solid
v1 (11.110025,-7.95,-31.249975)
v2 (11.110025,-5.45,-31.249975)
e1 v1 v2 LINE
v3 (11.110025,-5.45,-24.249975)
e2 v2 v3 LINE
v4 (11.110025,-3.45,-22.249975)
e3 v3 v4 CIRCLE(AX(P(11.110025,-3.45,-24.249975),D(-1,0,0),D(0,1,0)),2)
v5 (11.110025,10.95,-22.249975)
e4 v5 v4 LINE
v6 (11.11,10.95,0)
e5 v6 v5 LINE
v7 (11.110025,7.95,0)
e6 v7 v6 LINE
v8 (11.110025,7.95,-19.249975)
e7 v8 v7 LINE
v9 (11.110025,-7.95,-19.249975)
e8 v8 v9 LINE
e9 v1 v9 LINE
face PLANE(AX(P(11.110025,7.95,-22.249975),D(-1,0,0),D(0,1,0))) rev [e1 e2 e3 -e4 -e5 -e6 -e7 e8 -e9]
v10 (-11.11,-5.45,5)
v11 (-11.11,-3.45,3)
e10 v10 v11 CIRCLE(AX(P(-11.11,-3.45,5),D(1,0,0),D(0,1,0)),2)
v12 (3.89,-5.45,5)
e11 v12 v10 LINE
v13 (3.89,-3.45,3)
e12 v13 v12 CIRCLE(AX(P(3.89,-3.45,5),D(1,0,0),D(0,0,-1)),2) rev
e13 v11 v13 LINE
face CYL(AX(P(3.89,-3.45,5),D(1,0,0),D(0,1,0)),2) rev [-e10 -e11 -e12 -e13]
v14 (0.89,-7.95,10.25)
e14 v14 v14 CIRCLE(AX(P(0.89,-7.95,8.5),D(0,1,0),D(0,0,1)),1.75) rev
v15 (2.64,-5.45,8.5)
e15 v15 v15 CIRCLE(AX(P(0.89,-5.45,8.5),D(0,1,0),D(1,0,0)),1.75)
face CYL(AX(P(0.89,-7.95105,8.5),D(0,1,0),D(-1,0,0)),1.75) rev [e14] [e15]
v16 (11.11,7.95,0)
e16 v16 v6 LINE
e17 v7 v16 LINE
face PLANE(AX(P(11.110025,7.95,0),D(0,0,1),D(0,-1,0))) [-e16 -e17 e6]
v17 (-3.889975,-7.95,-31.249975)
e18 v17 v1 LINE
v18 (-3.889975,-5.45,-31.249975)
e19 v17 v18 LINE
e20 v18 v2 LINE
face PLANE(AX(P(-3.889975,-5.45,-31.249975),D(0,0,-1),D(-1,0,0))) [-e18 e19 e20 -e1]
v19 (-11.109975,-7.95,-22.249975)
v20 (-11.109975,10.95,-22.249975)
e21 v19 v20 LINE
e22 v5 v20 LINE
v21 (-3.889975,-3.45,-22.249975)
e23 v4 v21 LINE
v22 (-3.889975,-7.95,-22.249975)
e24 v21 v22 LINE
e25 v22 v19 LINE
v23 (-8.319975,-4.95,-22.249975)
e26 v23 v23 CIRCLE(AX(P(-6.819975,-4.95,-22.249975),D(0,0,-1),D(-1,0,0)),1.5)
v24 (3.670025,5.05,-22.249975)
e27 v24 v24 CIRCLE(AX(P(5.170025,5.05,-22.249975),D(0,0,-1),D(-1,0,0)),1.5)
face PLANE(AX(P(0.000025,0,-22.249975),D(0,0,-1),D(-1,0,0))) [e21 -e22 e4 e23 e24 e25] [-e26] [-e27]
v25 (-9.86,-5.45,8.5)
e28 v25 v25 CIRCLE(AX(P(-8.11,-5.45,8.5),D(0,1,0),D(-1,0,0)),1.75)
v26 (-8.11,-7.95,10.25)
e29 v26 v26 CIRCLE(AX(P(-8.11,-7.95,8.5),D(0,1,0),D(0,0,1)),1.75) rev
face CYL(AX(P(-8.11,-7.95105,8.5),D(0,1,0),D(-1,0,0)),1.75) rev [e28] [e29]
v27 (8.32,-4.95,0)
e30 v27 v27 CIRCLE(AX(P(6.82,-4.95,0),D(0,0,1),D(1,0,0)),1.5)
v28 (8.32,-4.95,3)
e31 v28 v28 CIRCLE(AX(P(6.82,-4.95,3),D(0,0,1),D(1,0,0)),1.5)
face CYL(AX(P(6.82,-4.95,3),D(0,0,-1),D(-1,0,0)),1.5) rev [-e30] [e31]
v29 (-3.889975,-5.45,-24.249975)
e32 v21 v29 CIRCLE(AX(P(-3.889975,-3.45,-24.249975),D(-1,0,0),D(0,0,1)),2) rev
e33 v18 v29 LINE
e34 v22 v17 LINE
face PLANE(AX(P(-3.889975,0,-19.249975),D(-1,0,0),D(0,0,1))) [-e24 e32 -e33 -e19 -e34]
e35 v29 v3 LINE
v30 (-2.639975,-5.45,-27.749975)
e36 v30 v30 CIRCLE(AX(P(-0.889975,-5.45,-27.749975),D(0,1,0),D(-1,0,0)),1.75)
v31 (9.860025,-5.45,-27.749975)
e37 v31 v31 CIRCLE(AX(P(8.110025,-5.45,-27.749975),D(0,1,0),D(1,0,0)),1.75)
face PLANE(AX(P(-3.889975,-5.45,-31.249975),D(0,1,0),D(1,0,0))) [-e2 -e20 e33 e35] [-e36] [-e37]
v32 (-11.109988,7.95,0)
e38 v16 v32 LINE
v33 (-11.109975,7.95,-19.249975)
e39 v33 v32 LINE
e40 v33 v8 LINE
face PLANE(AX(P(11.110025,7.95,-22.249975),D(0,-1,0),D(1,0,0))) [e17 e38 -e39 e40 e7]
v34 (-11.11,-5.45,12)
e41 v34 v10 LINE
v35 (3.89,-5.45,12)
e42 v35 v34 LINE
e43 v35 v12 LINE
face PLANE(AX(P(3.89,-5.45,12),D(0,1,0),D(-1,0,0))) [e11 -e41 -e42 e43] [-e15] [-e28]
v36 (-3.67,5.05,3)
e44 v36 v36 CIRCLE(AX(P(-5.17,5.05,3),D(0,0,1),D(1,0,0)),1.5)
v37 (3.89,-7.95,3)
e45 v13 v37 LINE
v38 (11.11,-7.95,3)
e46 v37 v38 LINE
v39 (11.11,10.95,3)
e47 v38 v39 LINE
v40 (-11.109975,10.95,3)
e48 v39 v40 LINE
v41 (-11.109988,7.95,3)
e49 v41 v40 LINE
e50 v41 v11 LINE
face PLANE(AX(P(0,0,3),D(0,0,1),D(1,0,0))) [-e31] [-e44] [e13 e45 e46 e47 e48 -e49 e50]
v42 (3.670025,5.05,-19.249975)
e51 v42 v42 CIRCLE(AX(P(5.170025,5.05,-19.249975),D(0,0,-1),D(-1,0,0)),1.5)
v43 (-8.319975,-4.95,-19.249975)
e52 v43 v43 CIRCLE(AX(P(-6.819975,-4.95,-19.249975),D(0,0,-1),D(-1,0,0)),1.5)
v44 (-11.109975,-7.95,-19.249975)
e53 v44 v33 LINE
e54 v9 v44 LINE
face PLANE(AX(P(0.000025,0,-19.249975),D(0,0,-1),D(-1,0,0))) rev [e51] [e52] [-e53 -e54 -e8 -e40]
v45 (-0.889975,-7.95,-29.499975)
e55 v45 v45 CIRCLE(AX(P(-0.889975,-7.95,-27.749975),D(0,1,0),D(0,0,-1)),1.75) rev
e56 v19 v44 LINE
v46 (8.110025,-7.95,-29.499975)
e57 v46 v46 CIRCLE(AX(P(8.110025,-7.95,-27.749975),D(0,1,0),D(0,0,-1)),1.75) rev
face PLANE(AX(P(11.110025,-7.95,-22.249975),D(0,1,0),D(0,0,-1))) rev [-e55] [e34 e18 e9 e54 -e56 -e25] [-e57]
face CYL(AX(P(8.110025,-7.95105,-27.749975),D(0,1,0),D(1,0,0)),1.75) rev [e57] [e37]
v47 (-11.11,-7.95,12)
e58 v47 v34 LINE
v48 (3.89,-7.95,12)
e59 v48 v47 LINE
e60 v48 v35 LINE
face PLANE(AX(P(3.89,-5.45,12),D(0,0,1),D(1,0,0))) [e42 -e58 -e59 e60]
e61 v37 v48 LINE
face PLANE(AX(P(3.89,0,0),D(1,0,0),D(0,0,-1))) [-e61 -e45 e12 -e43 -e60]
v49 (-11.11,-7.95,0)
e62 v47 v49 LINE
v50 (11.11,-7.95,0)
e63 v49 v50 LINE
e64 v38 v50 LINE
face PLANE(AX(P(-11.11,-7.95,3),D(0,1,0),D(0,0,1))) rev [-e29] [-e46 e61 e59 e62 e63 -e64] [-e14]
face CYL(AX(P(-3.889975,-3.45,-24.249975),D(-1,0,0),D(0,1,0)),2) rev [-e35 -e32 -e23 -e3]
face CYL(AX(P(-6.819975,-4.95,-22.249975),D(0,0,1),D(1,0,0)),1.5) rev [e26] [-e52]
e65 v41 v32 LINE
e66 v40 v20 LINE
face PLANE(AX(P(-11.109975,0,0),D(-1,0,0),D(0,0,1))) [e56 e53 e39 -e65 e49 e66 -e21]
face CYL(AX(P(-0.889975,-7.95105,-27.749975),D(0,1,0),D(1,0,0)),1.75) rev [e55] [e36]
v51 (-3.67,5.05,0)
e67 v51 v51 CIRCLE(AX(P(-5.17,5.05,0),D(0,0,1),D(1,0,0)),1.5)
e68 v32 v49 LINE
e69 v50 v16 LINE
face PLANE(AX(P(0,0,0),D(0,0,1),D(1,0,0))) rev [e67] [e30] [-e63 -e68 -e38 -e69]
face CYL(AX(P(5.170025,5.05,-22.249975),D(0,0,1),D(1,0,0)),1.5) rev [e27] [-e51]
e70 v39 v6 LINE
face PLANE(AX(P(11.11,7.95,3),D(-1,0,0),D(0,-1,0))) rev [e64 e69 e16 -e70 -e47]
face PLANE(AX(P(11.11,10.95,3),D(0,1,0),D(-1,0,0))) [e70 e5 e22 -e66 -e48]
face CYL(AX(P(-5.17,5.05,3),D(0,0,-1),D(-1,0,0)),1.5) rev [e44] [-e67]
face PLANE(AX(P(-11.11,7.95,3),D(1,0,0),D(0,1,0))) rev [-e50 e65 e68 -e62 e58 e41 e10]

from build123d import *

# Parameters (mm, degrees)
SKETCH1_W             = 22.22
SKETCH1_H             = 15.9
SKETCH1_R             = 1.5
BOSS_EXTRUDE1_DEPTH   = 3
SKETCH3_W             = 9
SKETCH3_H             = 2.5
BOSS_EXTRUDE2_DEPTH   = 15
FILLET2_R             = 2
CUT_EXTRUDE1_REACH    = 4.5
SKETCH5_R             = 1.75
LPATTERN2_COUNT       = 2
LPATTERN2_PITCH       = 6.95
BODY_MOVE_COPY3_ANGLE = 180
SKETCH11_W            = 22.249975
SKETCH11_H            = 3
BOSS_EXTRUDE3_DEPTH   = 22.22
SKETCH12_W            = 3
SKETCH12_H            = 3
BOSS_EXTRUDE4_DEPTH   = 22.22


with BuildPart() as part:
    # Sketch1 → Boss-Extrude1 (new body)
    with BuildSketch(Plane.XY):
        Rectangle(SKETCH1_W, SKETCH1_H)
        with Locations((-5.17, 5.05)):
            Circle(SKETCH1_R, mode=Mode.SUBTRACT)
        with Locations((6.82, -4.95)):
            Circle(SKETCH1_R, mode=Mode.SUBTRACT)
    extrude(amount=BOSS_EXTRUDE1_DEPTH)

    # Sketch3 → Boss-Extrude2 (add)
    with BuildSketch(Plane.ZY.offset(11.11)):
        with Locations((7.5, -6.7)):
            Rectangle(SKETCH3_W, SKETCH3_H)
    extrude(amount=-BOSS_EXTRUDE2_DEPTH)

    # Fillet2
    fillet2_edges = [part.edges().sort_by_distance(p)[0] for p in [
        (-3.61, -5.45, 3),
    ]]
    fillet(fillet2_edges, radius=FILLET2_R)

    # Sketch5 → Cut-Extrude1 (cut, up to next)
    with BuildSketch(Plane(origin=(0, -5.45, 0), x_dir=(1, 0, 0), z_dir=(0, 1, 0)), mode=Mode.PRIVATE) as cut_extrude1_sk1:
        with Locations((-8.11, -8.5)):
            Circle(SKETCH5_R)
    cut_extrude1_tool1 = extrude(cut_extrude1_sk1.sketch, amount=-CUT_EXTRUDE1_REACH, mode=Mode.PRIVATE) & part.part
    add(cut_extrude1_tool1.solids().sort_by_distance((-8.11, -5.45, 8.5))[0], mode=Mode.SUBTRACT)
    # Sketch5 → Cut-Extrude1 (cut, up to next)
    with BuildSketch(Plane(origin=(0, -5.45, 0), x_dir=(1, 0, 0), z_dir=(0, 1, 0)), mode=Mode.PRIVATE) as cut_extrude1_sk2:
        with Locations((0.89, -8.5)):
            Circle(SKETCH5_R)
    cut_extrude1_tool2 = extrude(cut_extrude1_sk2.sketch, amount=-CUT_EXTRUDE1_REACH, mode=Mode.PRIVATE) & part.part
    add(cut_extrude1_tool2.solids().sort_by_distance((0.89, -5.45, 8.5))[0], mode=Mode.SUBTRACT)


with BuildPart() as lpattern2_1:
    # LPattern2: pattern copy
    add(part.part.moved(Location(Vector(0, 0, -1) * (1 * LPATTERN2_PITCH))))


with BuildPart() as lpattern2_1_1:
    # Body-Move/Copy3: moved
    add(lpattern2_1.part.rotate(Axis((1.25e-05, 0, -13.0999875), (0, 1, 0)), BODY_MOVE_COPY3_ANGLE))

    # Sketch11 → Boss-Extrude3 (add)
    with BuildSketch(Plane.ZY.offset(11.109975)):
        with Locations((-11.1249875, 9.45)):
            Rectangle(SKETCH11_W, SKETCH11_H)
    extrude(amount=-BOSS_EXTRUDE3_DEPTH)


with BuildPart() as part_1:
    add(part.part)

    add(lpattern2_1_1.part)  # Boss-Extrude4 merges LPattern2_1
    # Sketch12 → Boss-Extrude4 (add)
    with BuildSketch(Plane.ZY.offset(11.109975)):
        with Locations((1.5, 9.45)):
            Rectangle(SKETCH12_W, SKETCH12_H)
    extrude(amount=-BOSS_EXTRUDE4_DEPTH)


solid = part_1.part
